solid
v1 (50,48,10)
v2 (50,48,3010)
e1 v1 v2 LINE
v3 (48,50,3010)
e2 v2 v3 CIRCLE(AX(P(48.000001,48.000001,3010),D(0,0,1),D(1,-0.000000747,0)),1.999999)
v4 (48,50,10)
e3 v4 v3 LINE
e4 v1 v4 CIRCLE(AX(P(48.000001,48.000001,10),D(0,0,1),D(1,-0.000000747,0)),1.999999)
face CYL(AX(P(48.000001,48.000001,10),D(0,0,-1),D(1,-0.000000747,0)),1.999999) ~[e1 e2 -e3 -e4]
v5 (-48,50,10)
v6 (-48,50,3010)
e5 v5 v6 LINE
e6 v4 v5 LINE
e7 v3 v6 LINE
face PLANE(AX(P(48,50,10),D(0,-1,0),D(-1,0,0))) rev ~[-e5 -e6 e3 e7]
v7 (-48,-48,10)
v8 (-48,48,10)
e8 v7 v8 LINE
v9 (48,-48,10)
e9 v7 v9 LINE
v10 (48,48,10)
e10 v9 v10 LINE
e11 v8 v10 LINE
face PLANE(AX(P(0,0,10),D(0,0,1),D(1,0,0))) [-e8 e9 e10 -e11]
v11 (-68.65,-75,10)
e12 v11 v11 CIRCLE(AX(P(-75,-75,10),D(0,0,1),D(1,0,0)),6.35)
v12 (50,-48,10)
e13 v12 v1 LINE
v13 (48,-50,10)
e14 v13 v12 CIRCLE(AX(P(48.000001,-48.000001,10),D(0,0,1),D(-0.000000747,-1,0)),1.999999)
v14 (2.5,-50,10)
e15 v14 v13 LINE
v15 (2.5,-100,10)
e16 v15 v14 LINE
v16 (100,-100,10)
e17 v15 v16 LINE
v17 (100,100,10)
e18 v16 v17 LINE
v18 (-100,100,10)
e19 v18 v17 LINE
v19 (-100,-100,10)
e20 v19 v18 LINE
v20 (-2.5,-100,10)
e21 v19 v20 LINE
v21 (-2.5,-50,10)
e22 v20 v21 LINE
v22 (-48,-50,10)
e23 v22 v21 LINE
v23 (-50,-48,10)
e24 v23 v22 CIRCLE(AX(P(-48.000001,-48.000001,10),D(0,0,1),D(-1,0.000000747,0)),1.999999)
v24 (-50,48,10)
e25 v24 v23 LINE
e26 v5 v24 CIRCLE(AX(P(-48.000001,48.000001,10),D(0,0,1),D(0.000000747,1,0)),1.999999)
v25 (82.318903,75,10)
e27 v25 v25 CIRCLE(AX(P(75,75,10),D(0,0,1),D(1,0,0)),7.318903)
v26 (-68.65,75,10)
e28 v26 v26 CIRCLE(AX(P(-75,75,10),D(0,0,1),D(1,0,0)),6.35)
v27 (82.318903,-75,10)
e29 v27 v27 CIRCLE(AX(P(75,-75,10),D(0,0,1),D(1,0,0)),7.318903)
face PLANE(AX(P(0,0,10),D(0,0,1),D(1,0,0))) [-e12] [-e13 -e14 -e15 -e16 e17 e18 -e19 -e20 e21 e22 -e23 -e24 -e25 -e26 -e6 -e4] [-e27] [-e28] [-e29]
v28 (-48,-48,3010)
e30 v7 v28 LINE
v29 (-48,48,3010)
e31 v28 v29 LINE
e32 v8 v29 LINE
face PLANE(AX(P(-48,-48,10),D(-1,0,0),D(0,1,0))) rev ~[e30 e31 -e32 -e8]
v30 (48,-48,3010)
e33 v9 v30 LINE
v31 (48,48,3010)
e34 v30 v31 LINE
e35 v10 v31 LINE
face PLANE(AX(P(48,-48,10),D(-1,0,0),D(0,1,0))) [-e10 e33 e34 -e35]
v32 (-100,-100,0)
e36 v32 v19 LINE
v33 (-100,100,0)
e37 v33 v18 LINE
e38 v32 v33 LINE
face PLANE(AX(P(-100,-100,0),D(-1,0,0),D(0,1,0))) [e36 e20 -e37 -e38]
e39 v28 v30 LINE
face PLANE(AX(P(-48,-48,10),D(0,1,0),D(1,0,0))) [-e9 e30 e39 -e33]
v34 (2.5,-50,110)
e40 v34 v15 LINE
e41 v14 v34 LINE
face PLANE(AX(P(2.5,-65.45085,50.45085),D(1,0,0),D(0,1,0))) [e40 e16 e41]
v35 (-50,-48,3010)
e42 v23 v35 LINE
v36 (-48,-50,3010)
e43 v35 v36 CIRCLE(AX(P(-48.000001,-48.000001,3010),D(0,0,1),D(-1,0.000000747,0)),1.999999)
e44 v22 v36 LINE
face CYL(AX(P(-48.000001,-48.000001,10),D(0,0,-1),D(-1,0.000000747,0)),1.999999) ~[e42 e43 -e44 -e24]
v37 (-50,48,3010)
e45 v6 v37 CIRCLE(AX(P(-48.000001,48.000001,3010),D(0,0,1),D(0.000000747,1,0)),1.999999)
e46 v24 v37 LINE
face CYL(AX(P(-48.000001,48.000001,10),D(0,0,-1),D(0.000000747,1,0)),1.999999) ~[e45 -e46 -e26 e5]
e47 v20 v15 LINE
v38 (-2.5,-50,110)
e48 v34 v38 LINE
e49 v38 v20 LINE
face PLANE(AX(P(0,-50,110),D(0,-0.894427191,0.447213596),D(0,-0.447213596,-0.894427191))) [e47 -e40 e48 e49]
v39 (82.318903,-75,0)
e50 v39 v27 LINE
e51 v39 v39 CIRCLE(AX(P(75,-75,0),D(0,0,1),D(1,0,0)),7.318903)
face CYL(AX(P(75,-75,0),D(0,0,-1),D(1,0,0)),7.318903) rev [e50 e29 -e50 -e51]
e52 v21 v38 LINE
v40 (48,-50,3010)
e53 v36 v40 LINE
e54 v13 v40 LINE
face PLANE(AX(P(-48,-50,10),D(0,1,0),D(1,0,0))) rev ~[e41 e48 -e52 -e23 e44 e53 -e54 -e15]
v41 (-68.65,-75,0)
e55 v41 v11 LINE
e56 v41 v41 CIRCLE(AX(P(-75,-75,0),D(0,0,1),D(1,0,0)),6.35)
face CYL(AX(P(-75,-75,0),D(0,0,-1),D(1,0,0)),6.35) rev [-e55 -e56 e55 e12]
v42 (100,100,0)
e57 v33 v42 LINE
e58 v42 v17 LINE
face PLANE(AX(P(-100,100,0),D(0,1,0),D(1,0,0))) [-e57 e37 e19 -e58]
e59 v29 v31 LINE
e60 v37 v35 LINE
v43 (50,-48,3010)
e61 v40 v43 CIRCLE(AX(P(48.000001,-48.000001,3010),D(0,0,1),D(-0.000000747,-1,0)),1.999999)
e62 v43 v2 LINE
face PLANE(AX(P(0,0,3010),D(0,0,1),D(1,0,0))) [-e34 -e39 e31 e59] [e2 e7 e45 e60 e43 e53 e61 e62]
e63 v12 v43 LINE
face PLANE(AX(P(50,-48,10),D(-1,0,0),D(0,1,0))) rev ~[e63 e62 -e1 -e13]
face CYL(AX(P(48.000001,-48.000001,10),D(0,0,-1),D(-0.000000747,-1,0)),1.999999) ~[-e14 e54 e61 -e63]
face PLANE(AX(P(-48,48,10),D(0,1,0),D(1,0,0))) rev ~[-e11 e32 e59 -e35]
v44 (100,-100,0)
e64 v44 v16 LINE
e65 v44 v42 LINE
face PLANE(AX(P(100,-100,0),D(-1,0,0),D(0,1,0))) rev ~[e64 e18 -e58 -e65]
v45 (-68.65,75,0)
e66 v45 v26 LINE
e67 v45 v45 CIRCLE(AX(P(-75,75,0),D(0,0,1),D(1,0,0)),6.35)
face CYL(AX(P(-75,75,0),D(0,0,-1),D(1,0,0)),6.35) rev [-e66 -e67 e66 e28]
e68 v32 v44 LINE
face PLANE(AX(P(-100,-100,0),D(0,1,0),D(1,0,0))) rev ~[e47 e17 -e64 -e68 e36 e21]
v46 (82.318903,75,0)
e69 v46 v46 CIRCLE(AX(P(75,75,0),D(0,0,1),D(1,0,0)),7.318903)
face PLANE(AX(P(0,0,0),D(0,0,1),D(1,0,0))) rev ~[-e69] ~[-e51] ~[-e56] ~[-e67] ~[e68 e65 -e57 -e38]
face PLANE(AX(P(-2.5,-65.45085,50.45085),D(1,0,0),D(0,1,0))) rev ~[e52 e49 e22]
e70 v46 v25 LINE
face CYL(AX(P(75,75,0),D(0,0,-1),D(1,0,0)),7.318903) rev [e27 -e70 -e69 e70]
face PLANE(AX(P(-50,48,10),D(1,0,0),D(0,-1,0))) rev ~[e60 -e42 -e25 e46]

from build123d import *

# Parameters (mm, degrees)
F0_W          = 200
F0_H          = 200
F0_R          = 6.35
F0_R_2        = 7.318903
F1_DEPTH      = 10
F2_W          = 96
F2_H          = 96
F3_DEPTH      = 3000
F5_DEPTH      = 2.5
F5_DEPTH_BACK = 2.5


with BuildPart() as f1:
    # F0 (on Top) → F1 (new body)
    with BuildSketch(Plane.XY):
        Rectangle(F0_W, F0_H)
        with Locations((-75, -75)):
            Circle(F0_R, mode=Mode.SUBTRACT)
        with Locations((75, -75)):
            Circle(F0_R_2, mode=Mode.SUBTRACT)
        with Locations((-75, 75)):
            Circle(F0_R, mode=Mode.SUBTRACT)
        with Locations((75, 75)):
            Circle(F0_R_2, mode=Mode.SUBTRACT)
    extrude(amount=F1_DEPTH)

    # F2 (on face) → F3 (join)
    with BuildSketch(Plane.XY.offset(10)):
        with BuildLine():
            ThreePointArc((50, 48), (49.414214, 49.414214), (48, 50))
            Line((48, 50), (-48, 50))
            ThreePointArc((-48, 50), (-49.414214, 49.414214), (-50, 48))
            Line((-50, 48), (-50, -48))
            ThreePointArc((-50, -48), (-49.414214, -49.414214), (-48, -50))
            Line((-48, -50), (48, -50))
            ThreePointArc((48, -50), (49.414214, -49.414214), (50, -48))
            Line((50, -48), (50, 48))
        make_face()
        Rectangle(F2_W, F2_H, mode=Mode.SUBTRACT)
    extrude(amount=F3_DEPTH)

    # F4 (on Right) → F5 (join, two sides)
    with BuildSketch(Plane.YZ) as f5_sk:
        Polygon((-50, 110), (-100, 10), (-50, 10), align=None)
    extrude(amount=F5_DEPTH)
    extrude(f5_sk.sketch, amount=-F5_DEPTH_BACK)


solid = f1.part
